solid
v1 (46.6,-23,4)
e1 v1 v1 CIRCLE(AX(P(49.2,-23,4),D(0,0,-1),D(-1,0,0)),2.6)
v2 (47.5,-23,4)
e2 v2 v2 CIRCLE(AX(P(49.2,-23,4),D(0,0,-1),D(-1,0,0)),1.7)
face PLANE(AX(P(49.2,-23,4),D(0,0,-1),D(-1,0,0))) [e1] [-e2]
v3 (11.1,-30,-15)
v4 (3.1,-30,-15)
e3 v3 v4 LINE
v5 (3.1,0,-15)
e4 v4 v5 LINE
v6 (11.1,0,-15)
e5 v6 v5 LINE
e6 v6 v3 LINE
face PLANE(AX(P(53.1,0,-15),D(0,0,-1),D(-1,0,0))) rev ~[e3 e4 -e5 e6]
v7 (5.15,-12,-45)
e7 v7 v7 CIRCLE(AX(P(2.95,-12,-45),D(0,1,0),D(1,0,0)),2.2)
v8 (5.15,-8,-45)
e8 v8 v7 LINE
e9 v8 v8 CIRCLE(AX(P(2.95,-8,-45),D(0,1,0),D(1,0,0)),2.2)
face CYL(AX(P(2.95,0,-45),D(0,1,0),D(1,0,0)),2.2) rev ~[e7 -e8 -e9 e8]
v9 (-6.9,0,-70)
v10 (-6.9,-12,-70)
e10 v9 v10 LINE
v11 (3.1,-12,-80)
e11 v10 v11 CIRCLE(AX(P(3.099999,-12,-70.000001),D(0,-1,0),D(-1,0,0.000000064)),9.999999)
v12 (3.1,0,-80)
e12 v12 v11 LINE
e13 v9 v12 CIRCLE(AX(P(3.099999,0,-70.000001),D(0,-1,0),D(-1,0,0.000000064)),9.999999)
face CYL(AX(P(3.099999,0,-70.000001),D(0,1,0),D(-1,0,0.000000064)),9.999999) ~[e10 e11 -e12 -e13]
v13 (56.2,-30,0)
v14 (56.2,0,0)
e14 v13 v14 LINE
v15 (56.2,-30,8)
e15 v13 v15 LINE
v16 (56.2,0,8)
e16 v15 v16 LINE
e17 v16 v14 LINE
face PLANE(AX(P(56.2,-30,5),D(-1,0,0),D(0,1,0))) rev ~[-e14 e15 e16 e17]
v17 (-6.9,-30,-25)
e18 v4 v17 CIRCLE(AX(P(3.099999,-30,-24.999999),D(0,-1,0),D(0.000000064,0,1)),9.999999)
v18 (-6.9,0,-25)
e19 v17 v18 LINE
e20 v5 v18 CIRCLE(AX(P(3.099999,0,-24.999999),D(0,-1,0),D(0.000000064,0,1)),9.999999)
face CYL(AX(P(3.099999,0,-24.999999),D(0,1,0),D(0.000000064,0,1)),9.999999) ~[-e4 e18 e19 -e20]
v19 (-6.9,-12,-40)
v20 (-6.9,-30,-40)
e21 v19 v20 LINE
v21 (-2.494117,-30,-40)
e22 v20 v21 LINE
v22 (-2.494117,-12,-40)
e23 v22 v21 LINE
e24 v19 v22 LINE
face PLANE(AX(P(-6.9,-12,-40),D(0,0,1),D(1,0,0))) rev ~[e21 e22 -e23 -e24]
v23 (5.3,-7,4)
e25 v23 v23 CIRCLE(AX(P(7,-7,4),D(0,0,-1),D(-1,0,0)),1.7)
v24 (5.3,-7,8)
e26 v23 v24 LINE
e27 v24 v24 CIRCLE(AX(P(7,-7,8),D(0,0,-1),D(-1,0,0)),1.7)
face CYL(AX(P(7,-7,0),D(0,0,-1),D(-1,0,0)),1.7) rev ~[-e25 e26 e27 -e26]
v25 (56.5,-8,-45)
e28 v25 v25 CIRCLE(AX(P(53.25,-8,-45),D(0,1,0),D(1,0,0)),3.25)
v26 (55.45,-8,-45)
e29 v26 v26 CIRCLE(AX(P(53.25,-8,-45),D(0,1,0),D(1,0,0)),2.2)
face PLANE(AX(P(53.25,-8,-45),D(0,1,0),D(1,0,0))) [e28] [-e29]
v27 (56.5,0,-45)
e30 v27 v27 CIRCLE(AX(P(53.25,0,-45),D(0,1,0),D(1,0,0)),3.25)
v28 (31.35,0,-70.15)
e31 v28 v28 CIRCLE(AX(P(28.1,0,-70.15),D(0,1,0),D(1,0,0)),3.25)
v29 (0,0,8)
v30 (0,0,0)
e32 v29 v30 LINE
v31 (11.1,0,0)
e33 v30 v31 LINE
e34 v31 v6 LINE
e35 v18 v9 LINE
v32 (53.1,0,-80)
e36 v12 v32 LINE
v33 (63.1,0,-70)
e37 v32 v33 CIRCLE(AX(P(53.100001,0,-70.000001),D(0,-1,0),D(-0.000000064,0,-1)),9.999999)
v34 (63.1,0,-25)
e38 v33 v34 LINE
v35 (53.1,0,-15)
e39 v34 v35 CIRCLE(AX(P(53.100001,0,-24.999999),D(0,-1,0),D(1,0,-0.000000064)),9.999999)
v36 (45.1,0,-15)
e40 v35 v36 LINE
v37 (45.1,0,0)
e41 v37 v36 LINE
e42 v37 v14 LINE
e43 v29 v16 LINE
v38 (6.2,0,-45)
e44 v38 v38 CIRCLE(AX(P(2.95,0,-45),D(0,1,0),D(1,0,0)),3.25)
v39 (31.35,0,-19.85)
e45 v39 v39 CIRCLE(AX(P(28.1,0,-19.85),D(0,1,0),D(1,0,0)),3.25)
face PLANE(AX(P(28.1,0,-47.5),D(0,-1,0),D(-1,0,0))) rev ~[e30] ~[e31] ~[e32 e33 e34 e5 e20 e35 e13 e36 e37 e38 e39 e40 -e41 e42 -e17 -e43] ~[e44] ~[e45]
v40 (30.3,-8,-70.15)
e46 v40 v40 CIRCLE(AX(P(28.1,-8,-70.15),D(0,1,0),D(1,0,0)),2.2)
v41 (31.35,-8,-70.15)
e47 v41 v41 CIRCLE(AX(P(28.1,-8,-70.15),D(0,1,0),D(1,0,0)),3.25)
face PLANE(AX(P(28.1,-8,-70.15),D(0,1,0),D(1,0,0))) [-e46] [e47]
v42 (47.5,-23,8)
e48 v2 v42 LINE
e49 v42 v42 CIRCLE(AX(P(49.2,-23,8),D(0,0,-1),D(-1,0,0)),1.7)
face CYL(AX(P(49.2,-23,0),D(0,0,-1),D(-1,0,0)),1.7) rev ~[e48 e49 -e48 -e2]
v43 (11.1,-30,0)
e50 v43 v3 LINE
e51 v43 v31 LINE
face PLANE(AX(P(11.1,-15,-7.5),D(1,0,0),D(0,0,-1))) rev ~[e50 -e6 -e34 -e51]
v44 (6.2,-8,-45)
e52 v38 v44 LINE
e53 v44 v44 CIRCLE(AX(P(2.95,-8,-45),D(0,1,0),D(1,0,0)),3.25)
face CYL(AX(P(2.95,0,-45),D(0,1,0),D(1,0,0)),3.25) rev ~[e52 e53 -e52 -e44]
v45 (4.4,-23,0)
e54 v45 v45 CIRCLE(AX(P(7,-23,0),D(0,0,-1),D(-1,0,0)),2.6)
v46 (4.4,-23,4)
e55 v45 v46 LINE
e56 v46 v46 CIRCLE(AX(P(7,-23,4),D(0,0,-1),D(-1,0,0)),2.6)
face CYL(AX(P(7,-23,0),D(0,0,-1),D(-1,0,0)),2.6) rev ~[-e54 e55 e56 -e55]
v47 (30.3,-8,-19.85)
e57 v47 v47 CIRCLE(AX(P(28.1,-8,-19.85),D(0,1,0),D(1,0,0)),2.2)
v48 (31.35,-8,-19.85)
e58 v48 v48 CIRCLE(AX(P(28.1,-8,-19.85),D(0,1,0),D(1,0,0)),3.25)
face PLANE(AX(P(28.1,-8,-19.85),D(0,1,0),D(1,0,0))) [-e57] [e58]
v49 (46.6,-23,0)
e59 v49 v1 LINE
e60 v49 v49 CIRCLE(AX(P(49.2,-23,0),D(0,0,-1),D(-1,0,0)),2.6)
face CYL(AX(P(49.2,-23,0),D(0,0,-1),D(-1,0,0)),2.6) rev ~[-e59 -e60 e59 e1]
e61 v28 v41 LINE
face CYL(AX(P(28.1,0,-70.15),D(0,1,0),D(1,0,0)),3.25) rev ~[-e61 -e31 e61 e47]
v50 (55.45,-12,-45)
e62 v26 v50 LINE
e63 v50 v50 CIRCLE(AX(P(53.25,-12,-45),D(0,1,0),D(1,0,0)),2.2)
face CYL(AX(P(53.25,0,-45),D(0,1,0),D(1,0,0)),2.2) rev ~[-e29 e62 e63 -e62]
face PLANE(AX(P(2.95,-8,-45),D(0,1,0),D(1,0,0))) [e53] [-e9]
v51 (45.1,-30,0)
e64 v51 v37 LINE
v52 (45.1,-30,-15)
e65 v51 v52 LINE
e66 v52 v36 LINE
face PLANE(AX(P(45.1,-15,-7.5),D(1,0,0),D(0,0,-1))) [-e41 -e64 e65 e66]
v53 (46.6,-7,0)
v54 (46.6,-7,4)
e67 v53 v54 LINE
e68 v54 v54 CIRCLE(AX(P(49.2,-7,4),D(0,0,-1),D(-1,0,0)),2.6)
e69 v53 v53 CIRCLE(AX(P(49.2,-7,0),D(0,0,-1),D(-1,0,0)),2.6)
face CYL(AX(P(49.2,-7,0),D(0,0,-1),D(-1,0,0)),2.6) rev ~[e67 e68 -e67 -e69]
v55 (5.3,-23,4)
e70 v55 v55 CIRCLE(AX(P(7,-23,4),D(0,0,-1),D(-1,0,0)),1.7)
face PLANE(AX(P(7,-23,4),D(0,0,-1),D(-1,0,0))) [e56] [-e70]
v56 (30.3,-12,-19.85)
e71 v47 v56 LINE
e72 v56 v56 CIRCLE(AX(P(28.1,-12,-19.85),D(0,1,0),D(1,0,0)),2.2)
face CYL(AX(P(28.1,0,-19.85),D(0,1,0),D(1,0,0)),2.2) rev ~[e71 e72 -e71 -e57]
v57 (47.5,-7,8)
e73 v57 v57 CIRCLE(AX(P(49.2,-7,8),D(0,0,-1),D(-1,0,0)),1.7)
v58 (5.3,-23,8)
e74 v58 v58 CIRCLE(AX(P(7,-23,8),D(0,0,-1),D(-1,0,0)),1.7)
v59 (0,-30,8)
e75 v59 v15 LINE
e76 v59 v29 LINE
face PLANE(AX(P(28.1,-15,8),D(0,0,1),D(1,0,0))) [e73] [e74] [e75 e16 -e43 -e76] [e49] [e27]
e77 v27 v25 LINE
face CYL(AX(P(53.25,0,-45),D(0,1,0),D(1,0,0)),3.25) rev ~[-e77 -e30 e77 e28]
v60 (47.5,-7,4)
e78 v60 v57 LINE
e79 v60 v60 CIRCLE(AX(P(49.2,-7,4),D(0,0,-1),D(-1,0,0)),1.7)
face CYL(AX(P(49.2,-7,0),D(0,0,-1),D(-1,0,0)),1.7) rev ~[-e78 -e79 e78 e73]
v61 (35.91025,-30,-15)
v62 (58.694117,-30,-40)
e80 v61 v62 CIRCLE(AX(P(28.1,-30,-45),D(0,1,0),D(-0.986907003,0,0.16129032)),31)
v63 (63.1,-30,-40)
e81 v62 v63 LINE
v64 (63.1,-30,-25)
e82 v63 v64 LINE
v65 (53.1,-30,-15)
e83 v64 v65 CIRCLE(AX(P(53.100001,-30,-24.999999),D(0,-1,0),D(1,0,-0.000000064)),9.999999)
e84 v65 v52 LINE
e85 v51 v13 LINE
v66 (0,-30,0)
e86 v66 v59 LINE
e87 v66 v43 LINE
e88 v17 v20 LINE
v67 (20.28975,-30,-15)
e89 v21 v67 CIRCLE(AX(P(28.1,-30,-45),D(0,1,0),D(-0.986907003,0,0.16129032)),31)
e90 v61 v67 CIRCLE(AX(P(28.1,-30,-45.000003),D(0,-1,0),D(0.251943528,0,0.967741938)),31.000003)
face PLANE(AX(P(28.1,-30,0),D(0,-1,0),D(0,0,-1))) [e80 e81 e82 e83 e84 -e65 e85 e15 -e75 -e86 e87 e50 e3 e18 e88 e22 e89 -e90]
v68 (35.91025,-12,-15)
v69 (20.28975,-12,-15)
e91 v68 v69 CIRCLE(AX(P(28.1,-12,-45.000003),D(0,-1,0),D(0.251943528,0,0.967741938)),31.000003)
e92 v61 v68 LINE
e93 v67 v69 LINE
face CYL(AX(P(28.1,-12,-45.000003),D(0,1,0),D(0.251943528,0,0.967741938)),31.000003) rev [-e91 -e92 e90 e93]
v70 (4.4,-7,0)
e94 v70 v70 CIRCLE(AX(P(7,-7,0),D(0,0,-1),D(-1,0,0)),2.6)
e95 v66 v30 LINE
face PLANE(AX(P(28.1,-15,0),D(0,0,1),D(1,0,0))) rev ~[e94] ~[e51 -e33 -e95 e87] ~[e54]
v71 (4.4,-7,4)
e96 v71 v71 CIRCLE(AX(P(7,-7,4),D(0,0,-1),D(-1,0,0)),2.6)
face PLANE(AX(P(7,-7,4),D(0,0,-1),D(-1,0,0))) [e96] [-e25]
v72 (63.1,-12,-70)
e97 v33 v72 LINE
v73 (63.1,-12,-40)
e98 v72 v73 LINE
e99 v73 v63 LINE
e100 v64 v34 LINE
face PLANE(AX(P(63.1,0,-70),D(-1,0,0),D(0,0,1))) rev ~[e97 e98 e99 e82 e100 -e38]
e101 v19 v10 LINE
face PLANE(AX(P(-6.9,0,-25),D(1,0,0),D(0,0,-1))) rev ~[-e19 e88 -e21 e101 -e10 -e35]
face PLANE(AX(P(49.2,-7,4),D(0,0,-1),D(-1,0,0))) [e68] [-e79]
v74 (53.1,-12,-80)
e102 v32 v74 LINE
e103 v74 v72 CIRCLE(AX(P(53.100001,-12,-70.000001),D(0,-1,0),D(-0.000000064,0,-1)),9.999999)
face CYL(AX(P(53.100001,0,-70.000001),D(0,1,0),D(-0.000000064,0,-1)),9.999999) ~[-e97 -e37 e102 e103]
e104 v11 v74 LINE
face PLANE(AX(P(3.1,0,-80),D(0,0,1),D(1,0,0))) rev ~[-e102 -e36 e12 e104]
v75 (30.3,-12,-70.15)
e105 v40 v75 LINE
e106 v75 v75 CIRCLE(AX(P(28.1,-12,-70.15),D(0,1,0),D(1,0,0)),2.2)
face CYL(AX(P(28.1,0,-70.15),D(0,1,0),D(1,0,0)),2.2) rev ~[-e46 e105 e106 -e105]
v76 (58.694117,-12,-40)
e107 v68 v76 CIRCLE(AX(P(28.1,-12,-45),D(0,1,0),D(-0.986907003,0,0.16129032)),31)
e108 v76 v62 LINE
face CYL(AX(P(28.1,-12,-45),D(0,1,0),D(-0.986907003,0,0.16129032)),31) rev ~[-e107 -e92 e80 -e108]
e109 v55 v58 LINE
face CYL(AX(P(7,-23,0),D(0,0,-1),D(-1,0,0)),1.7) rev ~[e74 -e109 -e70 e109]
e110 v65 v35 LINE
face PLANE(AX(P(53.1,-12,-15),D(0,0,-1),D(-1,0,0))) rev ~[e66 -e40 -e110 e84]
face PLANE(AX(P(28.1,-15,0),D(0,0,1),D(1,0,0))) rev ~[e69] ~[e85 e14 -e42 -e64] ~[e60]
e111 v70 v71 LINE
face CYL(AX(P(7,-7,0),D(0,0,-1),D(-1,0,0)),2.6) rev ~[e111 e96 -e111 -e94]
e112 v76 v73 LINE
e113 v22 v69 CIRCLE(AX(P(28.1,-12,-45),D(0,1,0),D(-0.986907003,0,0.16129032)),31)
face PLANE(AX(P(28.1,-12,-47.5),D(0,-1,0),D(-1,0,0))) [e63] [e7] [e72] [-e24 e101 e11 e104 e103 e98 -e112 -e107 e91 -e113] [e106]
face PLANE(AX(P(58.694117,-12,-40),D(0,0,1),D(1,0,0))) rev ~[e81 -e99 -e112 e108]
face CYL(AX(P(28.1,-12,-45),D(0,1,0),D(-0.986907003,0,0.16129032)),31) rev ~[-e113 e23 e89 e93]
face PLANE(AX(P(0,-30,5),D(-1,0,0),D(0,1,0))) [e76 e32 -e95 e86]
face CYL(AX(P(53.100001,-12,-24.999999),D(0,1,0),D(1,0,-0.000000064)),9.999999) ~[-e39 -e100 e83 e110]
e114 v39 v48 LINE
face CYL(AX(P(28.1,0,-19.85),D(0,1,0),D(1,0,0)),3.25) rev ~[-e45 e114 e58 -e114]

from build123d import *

# Parameters (mm, degrees)
SKETCH1_W                = 56.2
SKETCH1_H                = 30
BOSS_EXTRUDE1_DEPTH      = 5
SKETCH3_W                = 56.2
SKETCH3_H                = 30
BOSS_EXTRUDE2_DEPTH      = 3
SKETCH4_R                = 1.7
CUT_EXTRUDE2_DEPTH       = 8
SKETCH8_R                = 2.6
CUT_EXTRUDE4_DEPTH       = 4
SKETCH9_W                = 15
SKETCH9_H                = 30
BOSS_EXTRUDE5_DEPTH      = 17
BOSS_EXTRUDE5_DEPTH_BACK = 17
BOSS_EXTRUDE6_DEPTH      = 12
SKETCH11_R               = 2.2
CUT_EXTRUDE5_DEPTH       = 12
BOSS_EXTRUDE7_DEPTH      = 18
CUT_EXTRUDE6_DEPTH       = 18
SKETCH14_R               = 3.25
CUT_EXTRUDE7_DEPTH       = 8


with BuildPart() as part:
    # Sketch1 → Boss-Extrude1 (new body)
    with BuildSketch(Plane.XY):
        with Locations((28.1, -15)):
            Rectangle(SKETCH1_W, SKETCH1_H)
    extrude(amount=BOSS_EXTRUDE1_DEPTH)

    # Sketch3 → Boss-Extrude2 (add)
    with BuildSketch(Plane.XY.offset(5)):
        with Locations((28.1, -15)):
            Rectangle(SKETCH3_W, SKETCH3_H)
    extrude(amount=BOSS_EXTRUDE2_DEPTH)

    # Sketch4 → Cut-Extrude2 (cut)
    with BuildSketch(Plane(origin=(0, 0, 0), x_dir=(-1, 0, 0), z_dir=(0, 0, -1))):
        with Locations((-49.2, -7)):
            Circle(SKETCH4_R)
        with Locations((-7, -7)):
            Circle(SKETCH4_R)
        with Locations((-7, -23)):
            Circle(SKETCH4_R)
        with Locations((-49.2, -23)):
            Circle(SKETCH4_R)
    extrude(amount=-CUT_EXTRUDE2_DEPTH, mode=Mode.SUBTRACT)

    # Sketch8 → Cut-Extrude4 (cut)
    with BuildSketch(Plane(origin=(0, 0, 0), x_dir=(-1, 0, 0), z_dir=(0, 0, -1))):
        with Locations((-49.2, -7)):
            Circle(SKETCH8_R)
        with Locations((-7, -7)):
            Circle(SKETCH8_R)
        with Locations((-7, -23)):
            Circle(SKETCH8_R)
        with Locations((-49.2, -23)):
            Circle(SKETCH8_R)
    extrude(amount=-CUT_EXTRUDE4_DEPTH, mode=Mode.SUBTRACT)

    # Sketch9 → Boss-Extrude5 (add, two sides)
    with BuildSketch(Plane(origin=(28.1, 0, 0), x_dir=(0, 0, -1), z_dir=(1, 0, 0))) as boss_extrude5_sk:
        with Locations((7.5, -15)):
            Rectangle(SKETCH9_W, SKETCH9_H)
    extrude(amount=BOSS_EXTRUDE5_DEPTH)
    extrude(boss_extrude5_sk.sketch, amount=-BOSS_EXTRUDE5_DEPTH_BACK)

    # Sketch10 → Boss-Extrude6 (add)
    with BuildSketch(Plane(origin=(0, 0, 0), x_dir=(1, 0, 0), z_dir=(0, 1, 0))):
        with BuildLine():
            Line((53.1, 15), (3.1, 15))
            ThreePointArc((3.1, 15), (-3.971068, 17.928932), (-6.9, 25))
            Line((-6.9, 25), (-6.9, 70))
            ThreePointArc((-6.9, 70), (-3.971068, 77.071068), (3.1, 80))
            Line((3.1, 80), (53.1, 80))
            ThreePointArc((53.1, 80), (60.171068, 77.071068), (63.1, 70))
            Line((63.1, 70), (63.1, 25))
            ThreePointArc((63.1, 25), (60.171068, 17.928932), (53.1, 15))
        make_face()
    extrude(amount=-BOSS_EXTRUDE6_DEPTH)

    # Sketch11 → Cut-Extrude5 (cut)
    with BuildSketch(Plane(origin=(0, 0, 0), x_dir=(1, 0, 0), z_dir=(0, 1, 0))):
        with Locations((28.1, 70.15)):
            Circle(SKETCH11_R)
        with Locations((53.25, 45)):
            Circle(SKETCH11_R)
        with Locations((28.1, 19.85)):
            Circle(SKETCH11_R)
        with Locations((2.95, 45)):
            Circle(SKETCH11_R)
    extrude(amount=-CUT_EXTRUDE5_DEPTH, mode=Mode.SUBTRACT)

    # Sketch12 → Boss-Extrude7 (add)
    with BuildSketch(Plane(origin=(0, -12, 0), x_dir=(1, 0, 0), z_dir=(0, 1, 0))):
        with BuildLine():
            Line((45.1, 13), (11.1, 13))
            Line((11.1, 13), (11.1, 15))
            Line((11.1, 15), (3.1, 15))
            ThreePointArc((3.1, 15), (-3.971068, 17.928932), (-6.9, 25))
            Line((-6.9, 25), (-6.9, 40))
            Line((-6.9, 40), (-2.494117, 40))
            ThreePointArc((-2.494117, 40), (28.1, 14), (58.694117, 40))
            Line((58.694117, 40), (63.1, 40))
            Line((63.1, 40), (63.1, 25))
            ThreePointArc((63.1, 25), (60.171068, 17.928932), (53.1, 15))
            Line((53.1, 15), (45.1, 15))
            Line((45.1, 15), (45.1, 13))
        make_face()
    extrude(amount=-BOSS_EXTRUDE7_DEPTH)

    # Sketch13 → Cut-Extrude6 (cut)
    with BuildSketch(Plane(origin=(0, -12, 0), x_dir=(1, 0, 0), z_dir=(0, 1, 0))):
        with BuildLine():
            Line((20.28975, 15), (35.91025, 15))
            ThreePointArc((35.91025, 15), (28.1, 14), (20.28975, 15))
        make_face()
    extrude(amount=-CUT_EXTRUDE6_DEPTH, mode=Mode.SUBTRACT)

    # Sketch14 → Cut-Extrude7 (cut)
    with BuildSketch(Plane(origin=(0, 0, 0), x_dir=(1, 0, 0), z_dir=(0, 1, 0))):
        with Locations((28.1, 70.15)):
            Circle(SKETCH14_R)
        with Locations((53.25, 45)):
            Circle(SKETCH14_R)
        with Locations((28.1, 19.85)):
            Circle(SKETCH14_R)
        with Locations((2.95, 45)):
            Circle(SKETCH14_R)
    extrude(amount=-CUT_EXTRUDE7_DEPTH, mode=Mode.SUBTRACT)


solid = part.part
